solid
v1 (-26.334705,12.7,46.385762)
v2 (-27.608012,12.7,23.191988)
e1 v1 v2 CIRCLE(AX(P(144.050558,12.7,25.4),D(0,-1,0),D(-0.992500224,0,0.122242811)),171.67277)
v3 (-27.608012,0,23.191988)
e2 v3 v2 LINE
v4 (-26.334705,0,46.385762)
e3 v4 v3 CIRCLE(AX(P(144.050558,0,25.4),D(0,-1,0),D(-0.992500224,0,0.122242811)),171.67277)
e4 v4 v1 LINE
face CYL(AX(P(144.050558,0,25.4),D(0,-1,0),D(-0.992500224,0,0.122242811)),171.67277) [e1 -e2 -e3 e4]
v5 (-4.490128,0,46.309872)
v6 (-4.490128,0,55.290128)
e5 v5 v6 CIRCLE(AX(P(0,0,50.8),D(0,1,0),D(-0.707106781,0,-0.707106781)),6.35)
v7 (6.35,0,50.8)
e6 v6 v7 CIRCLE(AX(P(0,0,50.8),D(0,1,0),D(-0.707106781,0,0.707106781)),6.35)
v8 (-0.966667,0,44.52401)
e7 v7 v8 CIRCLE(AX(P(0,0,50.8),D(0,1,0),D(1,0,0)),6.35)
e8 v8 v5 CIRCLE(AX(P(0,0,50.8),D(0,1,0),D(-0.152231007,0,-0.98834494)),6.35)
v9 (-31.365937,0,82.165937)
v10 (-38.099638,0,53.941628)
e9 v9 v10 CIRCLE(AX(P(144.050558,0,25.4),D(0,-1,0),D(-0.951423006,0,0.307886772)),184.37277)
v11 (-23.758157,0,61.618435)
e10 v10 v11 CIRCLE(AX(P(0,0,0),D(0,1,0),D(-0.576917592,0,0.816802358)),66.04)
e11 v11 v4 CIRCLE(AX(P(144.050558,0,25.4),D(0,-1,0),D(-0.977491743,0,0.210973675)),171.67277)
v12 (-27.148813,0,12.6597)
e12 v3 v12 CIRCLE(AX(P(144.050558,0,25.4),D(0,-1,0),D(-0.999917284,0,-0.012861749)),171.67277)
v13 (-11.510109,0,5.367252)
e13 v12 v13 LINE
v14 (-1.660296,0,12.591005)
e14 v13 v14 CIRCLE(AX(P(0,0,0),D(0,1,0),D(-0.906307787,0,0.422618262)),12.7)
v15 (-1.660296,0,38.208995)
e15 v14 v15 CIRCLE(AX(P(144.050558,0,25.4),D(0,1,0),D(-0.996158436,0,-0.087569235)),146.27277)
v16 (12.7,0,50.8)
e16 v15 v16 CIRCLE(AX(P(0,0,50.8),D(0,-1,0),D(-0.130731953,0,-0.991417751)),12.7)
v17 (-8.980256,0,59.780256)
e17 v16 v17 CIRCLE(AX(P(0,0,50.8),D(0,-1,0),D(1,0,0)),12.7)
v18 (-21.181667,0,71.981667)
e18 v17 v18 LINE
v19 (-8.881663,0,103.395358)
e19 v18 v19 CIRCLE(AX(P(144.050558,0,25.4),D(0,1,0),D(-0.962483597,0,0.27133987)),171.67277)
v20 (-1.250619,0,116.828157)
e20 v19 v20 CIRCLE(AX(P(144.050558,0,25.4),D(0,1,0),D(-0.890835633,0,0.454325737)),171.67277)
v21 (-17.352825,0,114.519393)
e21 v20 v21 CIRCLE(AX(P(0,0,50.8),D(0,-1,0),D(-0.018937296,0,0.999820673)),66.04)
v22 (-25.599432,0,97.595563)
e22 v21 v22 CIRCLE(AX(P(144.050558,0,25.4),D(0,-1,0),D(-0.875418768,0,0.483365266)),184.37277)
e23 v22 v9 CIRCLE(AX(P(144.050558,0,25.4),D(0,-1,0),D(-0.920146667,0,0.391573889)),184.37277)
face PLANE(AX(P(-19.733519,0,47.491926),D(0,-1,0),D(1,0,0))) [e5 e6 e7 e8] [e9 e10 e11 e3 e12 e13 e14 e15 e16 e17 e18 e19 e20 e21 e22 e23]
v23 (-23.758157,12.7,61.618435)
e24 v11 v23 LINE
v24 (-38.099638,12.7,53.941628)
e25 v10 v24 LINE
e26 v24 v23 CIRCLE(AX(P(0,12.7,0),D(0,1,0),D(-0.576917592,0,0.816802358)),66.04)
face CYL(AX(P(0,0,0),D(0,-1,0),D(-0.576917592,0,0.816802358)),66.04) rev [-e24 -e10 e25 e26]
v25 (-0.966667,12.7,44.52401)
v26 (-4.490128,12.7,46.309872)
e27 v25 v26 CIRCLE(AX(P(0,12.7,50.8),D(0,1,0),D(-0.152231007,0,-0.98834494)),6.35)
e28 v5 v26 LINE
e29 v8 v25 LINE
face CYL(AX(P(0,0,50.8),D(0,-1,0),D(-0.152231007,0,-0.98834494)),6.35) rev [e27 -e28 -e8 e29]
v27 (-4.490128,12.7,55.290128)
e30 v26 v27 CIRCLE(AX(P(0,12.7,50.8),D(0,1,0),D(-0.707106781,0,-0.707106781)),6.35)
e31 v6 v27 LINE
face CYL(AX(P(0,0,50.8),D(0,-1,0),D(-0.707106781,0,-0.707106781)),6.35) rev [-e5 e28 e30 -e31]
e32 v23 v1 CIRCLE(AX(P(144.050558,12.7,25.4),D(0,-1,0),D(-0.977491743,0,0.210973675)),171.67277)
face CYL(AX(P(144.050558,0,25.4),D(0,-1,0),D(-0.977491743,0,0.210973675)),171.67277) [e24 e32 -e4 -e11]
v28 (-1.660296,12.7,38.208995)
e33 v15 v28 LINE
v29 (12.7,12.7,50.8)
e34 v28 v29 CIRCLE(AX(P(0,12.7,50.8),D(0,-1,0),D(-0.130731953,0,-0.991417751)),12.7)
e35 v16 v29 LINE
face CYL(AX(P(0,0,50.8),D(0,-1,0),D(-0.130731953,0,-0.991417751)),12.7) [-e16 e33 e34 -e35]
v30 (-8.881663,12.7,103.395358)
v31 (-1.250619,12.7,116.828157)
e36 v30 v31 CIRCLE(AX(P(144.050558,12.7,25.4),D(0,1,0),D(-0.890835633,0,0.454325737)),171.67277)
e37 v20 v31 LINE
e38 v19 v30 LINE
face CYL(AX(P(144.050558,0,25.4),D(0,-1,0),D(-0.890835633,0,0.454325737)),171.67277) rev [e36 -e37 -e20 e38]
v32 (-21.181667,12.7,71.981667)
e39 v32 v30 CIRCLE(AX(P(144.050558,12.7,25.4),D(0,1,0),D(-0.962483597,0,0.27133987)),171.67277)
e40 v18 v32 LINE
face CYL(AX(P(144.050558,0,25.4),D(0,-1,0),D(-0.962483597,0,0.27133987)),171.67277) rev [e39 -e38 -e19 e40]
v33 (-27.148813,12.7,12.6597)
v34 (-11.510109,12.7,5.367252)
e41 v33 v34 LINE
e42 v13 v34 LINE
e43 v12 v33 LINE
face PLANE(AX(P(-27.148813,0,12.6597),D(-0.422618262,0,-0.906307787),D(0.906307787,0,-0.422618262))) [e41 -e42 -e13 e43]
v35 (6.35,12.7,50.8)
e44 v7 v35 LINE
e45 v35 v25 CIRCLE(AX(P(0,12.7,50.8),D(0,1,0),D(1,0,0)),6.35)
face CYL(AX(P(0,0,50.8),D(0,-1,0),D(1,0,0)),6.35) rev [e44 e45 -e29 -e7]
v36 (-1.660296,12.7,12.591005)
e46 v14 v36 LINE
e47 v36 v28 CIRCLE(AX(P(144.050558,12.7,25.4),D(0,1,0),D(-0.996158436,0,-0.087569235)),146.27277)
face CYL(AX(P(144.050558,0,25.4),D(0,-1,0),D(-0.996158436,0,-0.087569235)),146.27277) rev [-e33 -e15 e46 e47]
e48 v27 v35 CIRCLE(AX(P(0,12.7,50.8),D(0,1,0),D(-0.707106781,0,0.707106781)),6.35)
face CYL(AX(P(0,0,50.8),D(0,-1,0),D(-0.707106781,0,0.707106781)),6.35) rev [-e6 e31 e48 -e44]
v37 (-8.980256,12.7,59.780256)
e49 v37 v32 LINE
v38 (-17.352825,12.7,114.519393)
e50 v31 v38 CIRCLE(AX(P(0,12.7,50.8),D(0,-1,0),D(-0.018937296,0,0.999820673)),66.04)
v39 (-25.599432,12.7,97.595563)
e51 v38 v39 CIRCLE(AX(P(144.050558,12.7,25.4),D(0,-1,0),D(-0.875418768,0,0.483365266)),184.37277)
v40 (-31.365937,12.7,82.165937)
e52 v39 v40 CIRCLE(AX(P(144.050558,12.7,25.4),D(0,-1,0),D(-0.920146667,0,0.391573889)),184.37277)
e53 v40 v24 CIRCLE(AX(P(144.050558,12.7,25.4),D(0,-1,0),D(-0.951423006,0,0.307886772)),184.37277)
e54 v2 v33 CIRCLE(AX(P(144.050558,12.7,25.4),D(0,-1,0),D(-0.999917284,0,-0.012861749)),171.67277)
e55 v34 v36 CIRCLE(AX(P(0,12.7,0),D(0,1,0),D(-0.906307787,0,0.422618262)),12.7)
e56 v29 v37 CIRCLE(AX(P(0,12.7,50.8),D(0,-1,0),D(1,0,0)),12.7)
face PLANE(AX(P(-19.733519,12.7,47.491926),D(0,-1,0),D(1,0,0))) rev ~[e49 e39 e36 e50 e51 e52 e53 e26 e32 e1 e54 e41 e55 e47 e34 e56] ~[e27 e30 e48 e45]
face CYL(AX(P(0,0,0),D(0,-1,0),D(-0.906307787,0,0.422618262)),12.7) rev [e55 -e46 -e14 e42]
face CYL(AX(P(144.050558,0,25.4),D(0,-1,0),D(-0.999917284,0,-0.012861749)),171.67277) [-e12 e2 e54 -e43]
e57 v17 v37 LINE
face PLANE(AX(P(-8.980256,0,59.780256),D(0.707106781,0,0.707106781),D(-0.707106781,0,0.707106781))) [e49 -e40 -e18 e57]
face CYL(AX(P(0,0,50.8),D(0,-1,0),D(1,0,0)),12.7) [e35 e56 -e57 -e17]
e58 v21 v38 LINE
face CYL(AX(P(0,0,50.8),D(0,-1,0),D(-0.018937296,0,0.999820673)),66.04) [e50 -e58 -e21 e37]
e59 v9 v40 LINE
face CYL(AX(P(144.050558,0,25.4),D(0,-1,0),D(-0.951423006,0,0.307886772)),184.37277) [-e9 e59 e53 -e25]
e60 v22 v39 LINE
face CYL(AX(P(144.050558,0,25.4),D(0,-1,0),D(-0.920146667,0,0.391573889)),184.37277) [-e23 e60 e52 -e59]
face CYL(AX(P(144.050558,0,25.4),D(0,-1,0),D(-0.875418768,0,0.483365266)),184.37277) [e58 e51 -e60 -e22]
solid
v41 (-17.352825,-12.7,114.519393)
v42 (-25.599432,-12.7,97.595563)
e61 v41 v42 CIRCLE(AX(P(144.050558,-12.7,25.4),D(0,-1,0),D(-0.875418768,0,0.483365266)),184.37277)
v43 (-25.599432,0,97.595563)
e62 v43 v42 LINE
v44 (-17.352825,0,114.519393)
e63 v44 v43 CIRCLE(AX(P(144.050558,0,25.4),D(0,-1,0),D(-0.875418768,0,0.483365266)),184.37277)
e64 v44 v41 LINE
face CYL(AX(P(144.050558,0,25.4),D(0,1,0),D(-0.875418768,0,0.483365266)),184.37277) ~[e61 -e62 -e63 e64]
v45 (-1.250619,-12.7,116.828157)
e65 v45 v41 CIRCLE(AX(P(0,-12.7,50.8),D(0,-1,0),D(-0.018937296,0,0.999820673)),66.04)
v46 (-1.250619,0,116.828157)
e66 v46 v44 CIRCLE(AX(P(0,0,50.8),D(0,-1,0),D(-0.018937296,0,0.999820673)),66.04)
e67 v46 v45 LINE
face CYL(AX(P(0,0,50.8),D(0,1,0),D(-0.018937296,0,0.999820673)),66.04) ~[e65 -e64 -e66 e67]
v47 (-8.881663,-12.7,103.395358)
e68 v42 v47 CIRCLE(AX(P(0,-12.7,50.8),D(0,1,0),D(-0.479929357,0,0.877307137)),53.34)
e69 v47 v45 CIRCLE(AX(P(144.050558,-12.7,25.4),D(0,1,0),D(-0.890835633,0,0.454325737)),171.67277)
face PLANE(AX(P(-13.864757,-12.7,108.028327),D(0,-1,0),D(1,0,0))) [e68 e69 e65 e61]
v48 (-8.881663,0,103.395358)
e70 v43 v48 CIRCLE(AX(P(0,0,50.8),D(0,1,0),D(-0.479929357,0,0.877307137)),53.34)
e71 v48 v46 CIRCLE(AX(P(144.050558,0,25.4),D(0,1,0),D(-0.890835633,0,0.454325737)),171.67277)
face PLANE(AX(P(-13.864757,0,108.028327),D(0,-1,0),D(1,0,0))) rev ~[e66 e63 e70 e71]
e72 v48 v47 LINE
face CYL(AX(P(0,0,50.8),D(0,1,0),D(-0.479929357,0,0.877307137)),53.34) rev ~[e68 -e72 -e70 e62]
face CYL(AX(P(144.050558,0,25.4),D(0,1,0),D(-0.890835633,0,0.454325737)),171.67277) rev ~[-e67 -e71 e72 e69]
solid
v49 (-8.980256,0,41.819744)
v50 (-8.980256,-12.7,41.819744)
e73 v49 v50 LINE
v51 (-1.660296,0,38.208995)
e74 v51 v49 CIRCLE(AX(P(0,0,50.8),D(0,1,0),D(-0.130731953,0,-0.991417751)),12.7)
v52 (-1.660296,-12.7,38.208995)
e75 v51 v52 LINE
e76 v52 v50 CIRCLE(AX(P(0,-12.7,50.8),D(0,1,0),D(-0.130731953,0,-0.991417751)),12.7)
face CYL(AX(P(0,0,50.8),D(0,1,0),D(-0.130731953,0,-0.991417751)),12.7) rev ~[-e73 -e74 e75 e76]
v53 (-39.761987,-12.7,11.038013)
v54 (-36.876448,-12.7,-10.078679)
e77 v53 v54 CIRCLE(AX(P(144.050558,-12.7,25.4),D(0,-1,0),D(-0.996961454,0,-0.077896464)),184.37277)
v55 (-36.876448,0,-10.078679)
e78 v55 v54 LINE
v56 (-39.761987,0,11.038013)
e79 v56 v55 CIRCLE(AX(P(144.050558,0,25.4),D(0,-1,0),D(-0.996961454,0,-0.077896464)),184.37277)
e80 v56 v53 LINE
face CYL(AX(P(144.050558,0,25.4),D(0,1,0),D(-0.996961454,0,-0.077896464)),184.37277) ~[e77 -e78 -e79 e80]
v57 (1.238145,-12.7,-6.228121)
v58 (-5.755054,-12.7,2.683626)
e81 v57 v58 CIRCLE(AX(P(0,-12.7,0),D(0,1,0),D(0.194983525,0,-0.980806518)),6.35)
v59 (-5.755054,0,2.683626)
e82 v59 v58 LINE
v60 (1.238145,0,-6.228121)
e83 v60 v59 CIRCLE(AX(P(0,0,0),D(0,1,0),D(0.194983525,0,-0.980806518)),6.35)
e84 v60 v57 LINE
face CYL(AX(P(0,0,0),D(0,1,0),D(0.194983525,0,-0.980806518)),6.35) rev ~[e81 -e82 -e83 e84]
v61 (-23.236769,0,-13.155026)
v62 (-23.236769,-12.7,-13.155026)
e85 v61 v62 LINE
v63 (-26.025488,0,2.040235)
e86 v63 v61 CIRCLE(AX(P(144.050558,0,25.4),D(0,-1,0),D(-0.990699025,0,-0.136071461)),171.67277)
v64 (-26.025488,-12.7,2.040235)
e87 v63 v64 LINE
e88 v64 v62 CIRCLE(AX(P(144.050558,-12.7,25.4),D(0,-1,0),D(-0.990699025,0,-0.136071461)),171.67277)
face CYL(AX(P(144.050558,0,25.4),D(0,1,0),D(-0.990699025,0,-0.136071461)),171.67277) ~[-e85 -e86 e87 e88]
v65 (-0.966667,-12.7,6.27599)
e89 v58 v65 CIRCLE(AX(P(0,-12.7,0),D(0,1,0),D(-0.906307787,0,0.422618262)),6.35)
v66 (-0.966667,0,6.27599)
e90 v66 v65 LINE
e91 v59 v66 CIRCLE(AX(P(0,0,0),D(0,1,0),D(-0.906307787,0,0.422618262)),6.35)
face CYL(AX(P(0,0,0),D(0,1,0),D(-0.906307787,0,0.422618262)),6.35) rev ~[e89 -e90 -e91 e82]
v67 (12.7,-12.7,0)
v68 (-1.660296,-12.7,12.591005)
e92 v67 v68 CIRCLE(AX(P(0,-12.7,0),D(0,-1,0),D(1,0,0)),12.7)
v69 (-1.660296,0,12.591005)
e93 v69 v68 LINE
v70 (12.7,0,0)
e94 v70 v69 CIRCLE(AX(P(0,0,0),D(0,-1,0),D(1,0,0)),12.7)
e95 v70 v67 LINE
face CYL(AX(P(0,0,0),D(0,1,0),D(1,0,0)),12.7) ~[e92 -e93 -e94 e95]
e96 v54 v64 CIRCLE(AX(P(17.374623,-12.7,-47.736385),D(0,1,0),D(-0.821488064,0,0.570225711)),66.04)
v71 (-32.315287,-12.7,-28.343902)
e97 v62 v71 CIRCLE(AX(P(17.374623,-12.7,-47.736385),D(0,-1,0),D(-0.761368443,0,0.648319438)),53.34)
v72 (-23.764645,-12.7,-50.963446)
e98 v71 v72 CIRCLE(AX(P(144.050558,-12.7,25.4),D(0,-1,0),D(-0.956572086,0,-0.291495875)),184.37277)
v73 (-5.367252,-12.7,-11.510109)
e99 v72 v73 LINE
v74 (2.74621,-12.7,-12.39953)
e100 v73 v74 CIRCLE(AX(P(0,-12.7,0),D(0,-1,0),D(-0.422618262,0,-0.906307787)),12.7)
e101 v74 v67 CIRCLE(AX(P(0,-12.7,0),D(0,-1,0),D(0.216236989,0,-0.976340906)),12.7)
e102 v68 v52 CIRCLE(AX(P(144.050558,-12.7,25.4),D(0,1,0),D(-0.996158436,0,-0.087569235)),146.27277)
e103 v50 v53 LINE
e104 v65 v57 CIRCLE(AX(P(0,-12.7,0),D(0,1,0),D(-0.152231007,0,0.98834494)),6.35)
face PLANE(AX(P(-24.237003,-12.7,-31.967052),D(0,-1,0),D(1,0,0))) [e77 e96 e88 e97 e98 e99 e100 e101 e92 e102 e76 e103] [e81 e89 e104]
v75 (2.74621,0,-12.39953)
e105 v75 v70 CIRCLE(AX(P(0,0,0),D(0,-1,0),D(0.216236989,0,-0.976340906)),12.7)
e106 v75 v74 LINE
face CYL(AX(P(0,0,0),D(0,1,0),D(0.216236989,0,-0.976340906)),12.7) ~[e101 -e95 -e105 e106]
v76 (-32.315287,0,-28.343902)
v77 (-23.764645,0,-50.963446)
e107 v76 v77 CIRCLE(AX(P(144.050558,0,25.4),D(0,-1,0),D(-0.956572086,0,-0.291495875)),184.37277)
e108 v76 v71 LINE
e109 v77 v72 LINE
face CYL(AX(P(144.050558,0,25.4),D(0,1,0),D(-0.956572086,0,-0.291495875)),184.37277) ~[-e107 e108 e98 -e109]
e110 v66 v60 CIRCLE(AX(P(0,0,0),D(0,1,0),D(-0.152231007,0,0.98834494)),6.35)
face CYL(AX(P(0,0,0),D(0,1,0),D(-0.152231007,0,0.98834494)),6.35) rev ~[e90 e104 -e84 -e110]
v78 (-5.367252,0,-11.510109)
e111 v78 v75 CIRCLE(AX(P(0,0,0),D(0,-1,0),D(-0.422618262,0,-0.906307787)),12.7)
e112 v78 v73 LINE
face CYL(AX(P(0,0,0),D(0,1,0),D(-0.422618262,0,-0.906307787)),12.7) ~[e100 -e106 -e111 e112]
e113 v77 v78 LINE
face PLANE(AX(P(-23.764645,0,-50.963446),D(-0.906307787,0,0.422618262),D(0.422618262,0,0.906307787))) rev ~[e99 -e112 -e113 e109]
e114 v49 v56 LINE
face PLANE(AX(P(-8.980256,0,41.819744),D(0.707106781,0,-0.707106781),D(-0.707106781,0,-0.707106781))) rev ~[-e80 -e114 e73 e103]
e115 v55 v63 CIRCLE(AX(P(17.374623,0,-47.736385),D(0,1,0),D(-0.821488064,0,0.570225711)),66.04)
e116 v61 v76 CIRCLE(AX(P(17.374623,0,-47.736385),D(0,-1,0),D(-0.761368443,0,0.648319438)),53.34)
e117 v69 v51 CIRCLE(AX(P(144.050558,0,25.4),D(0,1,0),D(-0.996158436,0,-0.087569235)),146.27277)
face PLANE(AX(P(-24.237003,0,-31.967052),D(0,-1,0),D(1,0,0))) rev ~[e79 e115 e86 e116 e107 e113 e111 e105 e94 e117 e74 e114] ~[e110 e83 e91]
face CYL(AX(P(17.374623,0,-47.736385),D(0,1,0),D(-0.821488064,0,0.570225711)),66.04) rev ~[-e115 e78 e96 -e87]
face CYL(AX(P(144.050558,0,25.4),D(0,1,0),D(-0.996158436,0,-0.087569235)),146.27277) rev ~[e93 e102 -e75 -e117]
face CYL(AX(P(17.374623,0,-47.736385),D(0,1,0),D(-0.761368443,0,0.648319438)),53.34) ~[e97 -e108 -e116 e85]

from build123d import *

# Parameters (mm, degrees)
F1_DEPTH = 12.7
F2_DEPTH = 12.7


with BuildPart() as f1:
    # F0 (on Front) → F1 (new body)
    with BuildSketch(Plane.XZ):
        with BuildLine():
            ThreePointArc((-25.5994319004, 97.5955626783), (-17.4827308479, 101.1935484174), (-8.8816627401, 103.3953578462))
            ThreePointArc((-8.8816627401, 103.3953578462), (-5.2173217074, 110.1976419206), (-1.2506190365, 116.8281572666))
            ThreePointArc((-1.2506190365, 116.8281572666), (-9.3730802173, 116.1714537642), (-17.3528252422, 114.5193930928))
            ThreePointArc((-17.3528252422, 114.5193930928), (-21.6922788774, 106.1628031287), (-25.5994319004, 97.5955626783))
        make_face()
    extrude(amount=F1_DEPTH)


with BuildPart() as f1b:
    # F0 (on Front) → F1, piece 2 (new body)
    with BuildSketch(Plane.XZ):
        with BuildLine():
            Line((-23.76464523, -50.9634461592), (-16.5005489408, -35.3855413958))
            ThreePointArc((-16.5005489408, -35.3855413958), (-20.2450862438, -24.3843475762), (-23.2367694573, -13.1550262867))
            ThreePointArc((-23.2367694573, -13.1550262867), (-28.4102740665, -20.3703701742), (-32.3152871513, -28.3439020242))
            ThreePointArc((-32.3152871513, -28.3439020242), (-28.4112043135, -39.7940095573), (-23.76464523, -50.9634461592))
        make_face()
        with BuildLine():
            ThreePointArc((-5.3672519241, -11.5101088954), (-11.934096284, -4.3436558202), (-11.5101088954, 5.3672519241))
            Line((-11.5101088954, 5.3672519241), (-27.1488132668, 12.6596995361))
            ThreePointArc((-27.1488132668, 12.6596995361), (-26.6697420202, 7.341230959), (-26.0254878639, 2.0402354064))
            ThreePointArc((-26.0254878639, 2.0402354064), (-24.8021452922, -5.5887813575), (-23.2367694573, -13.1550262867))
            ThreePointArc((-23.2367694573, -13.1550262867), (-20.2450862438, -24.3843475762), (-16.5005489408, -35.3855413958))
            Line((-16.5005489408, -35.3855413958), (-5.3672519241, -11.5101088954))
        make_face()
        with BuildLine():
            ThreePointArc((-26.0254878639, 2.0402354064), (-26.6697420202, 7.341230959), (-27.1488132668, 12.6596995361))
            Line((-27.1488132668, 12.6596995361), (-34.6448439504, 16.1551560496))
            Line((-34.6448439504, 16.1551560496), (-39.761986918, 11.038013082))
            ThreePointArc((-39.761986918, 11.038013082), (-38.6246011082, 0.4379371292), (-36.876448445, -10.078679197))
            ThreePointArc((-36.876448445, -10.078679197), (-31.8255332412, -3.6838460696), (-26.0254878639, 2.0402354064))
        make_face()
        with BuildLine():
            ThreePointArc((-11.5101088954, 5.3672519241), (-7.5106952878, 10.2410671462), (-1.6602958084, 12.5910054336))
            ThreePointArc((-1.6602958084, 12.5910054336), (-2.2222120536, 25.4), (-1.6602958084, 38.2089945664))
            ThreePointArc((-1.6602958084, 38.2089945664), (-5.6182483027, 39.4102991256), (-8.9802561211, 41.8197438789))
            Line((-8.9802561211, 41.8197438789), (-27.6080120185, 23.1919879815))
            ThreePointArc((-27.6080120185, 23.1919879815), (-27.459279183, 17.922318047), (-27.1488132668, 12.6596995361))
            Line((-27.1488132668, 12.6596995361), (-11.5101088954, 5.3672519241))
        make_face()
        with BuildLine():
            Line((-34.6448439504, 16.1551560496), (-27.1488132668, 12.6596995361))
            ThreePointArc((-27.1488132668, 12.6596995361), (-27.459279183, 17.922318047), (-27.6080120185, 23.1919879815))
            Line((-27.6080120185, 23.1919879815), (-34.6448439504, 16.1551560496))
        make_face()
        with BuildLine():
            Line((-5.7550544477, 2.6836259621), (-11.5101088954, 5.3672519241))
            ThreePointArc((-11.5101088954, 5.3672519241), (-11.934096284, -4.3436558202), (-5.3672519241, -11.5101088954))
            Line((-5.3672519241, -11.5101088954), (-2.6836259621, -5.7550544477))
            ThreePointArc((-2.6836259621, -5.7550544477), (-5.967048142, -2.1718279101), (-5.7550544477, 2.6836259621))
        make_face()
        with BuildLine():
            ThreePointArc((-0.9666668919, 6.2759903697), (-1.3477700165, 9.4297317015), (-1.6602958084, 12.5910054336))
            ThreePointArc((-1.6602958084, 12.5910054336), (-7.5106952878, 10.2410671462), (-11.5101088954, 5.3672519241))
            Line((-11.5101088954, 5.3672519241), (-5.7550544477, 2.6836259621))
            ThreePointArc((-5.7550544477, 2.6836259621), (-3.8107289265, 5.0794532234), (-0.9666668919, 6.2759903697))
        make_face()
        with BuildLine():
            ThreePointArc((2.7462097635, -12.3995295046), (9.9037079924, -7.9502558451), (12.7, 0))
            ThreePointArc((12.7, 0), (8.372700975, 9.5492344397), (-1.6602958084, 12.5910054336))
            ThreePointArc((-1.6602958084, 12.5910054336), (-1.3477700165, 9.4297317015), (-0.9666668919, 6.2759903697))
            ThreePointArc((-0.9666668919, 6.2759903697), (4.1342572027, 4.8197943298), (6.35, 0))
            ThreePointArc((6.35, 0), (4.9083970483, -4.0286645947), (1.2381453807, -6.2281213874))
            ThreePointArc((1.2381453807, -6.2281213874), (1.958668649, -9.3220137901), (2.7462097635, -12.3995295046))
        make_face()
        with BuildLine():
            ThreePointArc((-5.3672519241, -11.5101088954), (-1.3839193463, -12.6243719544), (2.7462097635, -12.3995295046))
            ThreePointArc((2.7462097635, -12.3995295046), (1.958668649, -9.3220137901), (1.2381453807, -6.2281213874))
            ThreePointArc((1.2381453807, -6.2281213874), (-0.7604614455, -6.3042999921), (-2.6836259621, -5.7550544477))
            Line((-2.6836259621, -5.7550544477), (-5.3672519241, -11.5101088954))
        make_face()
    extrude(amount=F1_DEPTH)


with BuildPart() as f2:
    # F0 (on Front) → F2 (new body)
    with BuildSketch(Plane.XZ):
        with BuildLine():
            Line((-27.6080120185, 23.1919879815), (-8.9802561211, 41.8197438789))
            ThreePointArc((-8.9802561211, 41.8197438789), (-12.7, 50.8), (-8.9802561211, 59.7802561211))
            Line((-8.9802561211, 59.7802561211), (-21.1816672401, 71.9816672401))
            ThreePointArc((-21.1816672401, 71.9816672401), (-22.5505109099, 66.8200895478), (-23.7581572919, 61.6184352454))
            ThreePointArc((-23.7581572919, 61.6184352454), (-25.2178687116, 54.0310966868), (-26.334704766, 46.3857620924))
            ThreePointArc((-26.334704766, 46.3857620924), (-27.3640962034, 34.8104358188), (-27.6080120185, 23.1919879815))
        make_face()
        with BuildLine():
            ThreePointArc((-11.5101088954, 5.3672519241), (-7.5106952878, 10.2410671462), (-1.6602958084, 12.5910054336))
            ThreePointArc((-1.6602958084, 12.5910054336), (-2.2222120536, 25.4), (-1.6602958084, 38.2089945664))
            ThreePointArc((-1.6602958084, 38.2089945664), (-5.6182483027, 39.4102991256), (-8.9802561211, 41.8197438789))
            Line((-8.9802561211, 41.8197438789), (-27.6080120185, 23.1919879815))
            ThreePointArc((-27.6080120185, 23.1919879815), (-27.459279183, 17.922318047), (-27.1488132668, 12.6596995361))
            Line((-27.1488132668, 12.6596995361), (-11.5101088954, 5.3672519241))
        make_face()
        with BuildLine():
            ThreePointArc((-23.7581572919, 61.6184352454), (-22.5505109099, 66.8200895478), (-21.1816672401, 71.9816672401))
            Line((-21.1816672401, 71.9816672401), (-31.3659370421, 82.1659370421))
            ThreePointArc((-31.3659370421, 82.1659370421), (-35.2888897153, 68.1864561816), (-38.0996377881, 53.9416277138))
            ThreePointArc((-38.0996377881, 53.9416277138), (-31.1661683001, 58.2232904729), (-23.7581572919, 61.6184352454))
        make_face()
        with BuildLine():
            Line((-31.3659370421, 82.1659370421), (-21.1816672401, 71.9816672401))
            ThreePointArc((-21.1816672401, 71.9816672401), (-15.8051852828, 87.9913837722), (-8.8816627401, 103.3953578462))
            ThreePointArc((-8.8816627401, 103.3953578462), (-17.4827308479, 101.1935484174), (-25.5994319004, 97.5955626783))
            ThreePointArc((-25.5994319004, 97.5955626783), (-28.6550820191, 89.9451798969), (-31.3659370421, 82.1659370421))
        make_face()
        with BuildLine():
            ThreePointArc((-25.5994319004, 97.5955626783), (-17.4827308479, 101.1935484174), (-8.8816627401, 103.3953578462))
            ThreePointArc((-8.8816627401, 103.3953578462), (-5.2173217074, 110.1976419206), (-1.2506190365, 116.8281572666))
            ThreePointArc((-1.2506190365, 116.8281572666), (-9.3730802173, 116.1714537642), (-17.3528252422, 114.5193930928))
            ThreePointArc((-17.3528252422, 114.5193930928), (-21.6922788774, 106.1628031287), (-25.5994319004, 97.5955626783))
        make_face()
        with BuildLine():
            ThreePointArc((-8.9802561211, 41.8197438789), (-5.6182483027, 39.4102991256), (-1.6602958084, 38.2089945664))
            ThreePointArc((-1.6602958084, 38.2089945664), (-1.3477700165, 41.3702682985), (-0.9666668919, 44.5240096303))
            ThreePointArc((-0.9666668919, 44.5240096303), (-2.8707975956, 45.1359889508), (-4.4901280605, 46.3098719395))
            Line((-4.4901280605, 46.3098719395), (-8.9802561211, 41.8197438789))
        make_face()
        with BuildLine():
            ThreePointArc((-8.9802561211, 59.7802561211), (-12.7, 50.8), (-8.9802561211, 41.8197438789))
            Line((-8.9802561211, 41.8197438789), (-4.4901280605, 46.3098719395))
            ThreePointArc((-4.4901280605, 46.3098719395), (-6.35, 50.8), (-4.4901280605, 55.2901280605))
            Line((-4.4901280605, 55.2901280605), (-8.9802561211, 59.7802561211))
        make_face()
        with BuildLine():
            ThreePointArc((-0.9666668919, 44.5240096303), (-1.3477700165, 41.3702682985), (-1.6602958084, 38.2089945664))
            ThreePointArc((-1.6602958084, 38.2089945664), (8.372700975, 41.2507655603), (12.7, 50.8))
            ThreePointArc((12.7, 50.8), (4.860079591, 62.5332700629), (-8.9802561211, 59.7802561211))
            Line((-8.9802561211, 59.7802561211), (-4.4901280605, 55.2901280605))
            ThreePointArc((-4.4901280605, 55.2901280605), (2.4300397955, 56.6666350314), (6.35, 50.8))
            ThreePointArc((6.35, 50.8), (4.1342572027, 45.9802056702), (-0.9666668919, 44.5240096303))
        make_face()
    extrude(amount=-F2_DEPTH)


solid = Compound([f1.part, f1b.part, f2.part])
